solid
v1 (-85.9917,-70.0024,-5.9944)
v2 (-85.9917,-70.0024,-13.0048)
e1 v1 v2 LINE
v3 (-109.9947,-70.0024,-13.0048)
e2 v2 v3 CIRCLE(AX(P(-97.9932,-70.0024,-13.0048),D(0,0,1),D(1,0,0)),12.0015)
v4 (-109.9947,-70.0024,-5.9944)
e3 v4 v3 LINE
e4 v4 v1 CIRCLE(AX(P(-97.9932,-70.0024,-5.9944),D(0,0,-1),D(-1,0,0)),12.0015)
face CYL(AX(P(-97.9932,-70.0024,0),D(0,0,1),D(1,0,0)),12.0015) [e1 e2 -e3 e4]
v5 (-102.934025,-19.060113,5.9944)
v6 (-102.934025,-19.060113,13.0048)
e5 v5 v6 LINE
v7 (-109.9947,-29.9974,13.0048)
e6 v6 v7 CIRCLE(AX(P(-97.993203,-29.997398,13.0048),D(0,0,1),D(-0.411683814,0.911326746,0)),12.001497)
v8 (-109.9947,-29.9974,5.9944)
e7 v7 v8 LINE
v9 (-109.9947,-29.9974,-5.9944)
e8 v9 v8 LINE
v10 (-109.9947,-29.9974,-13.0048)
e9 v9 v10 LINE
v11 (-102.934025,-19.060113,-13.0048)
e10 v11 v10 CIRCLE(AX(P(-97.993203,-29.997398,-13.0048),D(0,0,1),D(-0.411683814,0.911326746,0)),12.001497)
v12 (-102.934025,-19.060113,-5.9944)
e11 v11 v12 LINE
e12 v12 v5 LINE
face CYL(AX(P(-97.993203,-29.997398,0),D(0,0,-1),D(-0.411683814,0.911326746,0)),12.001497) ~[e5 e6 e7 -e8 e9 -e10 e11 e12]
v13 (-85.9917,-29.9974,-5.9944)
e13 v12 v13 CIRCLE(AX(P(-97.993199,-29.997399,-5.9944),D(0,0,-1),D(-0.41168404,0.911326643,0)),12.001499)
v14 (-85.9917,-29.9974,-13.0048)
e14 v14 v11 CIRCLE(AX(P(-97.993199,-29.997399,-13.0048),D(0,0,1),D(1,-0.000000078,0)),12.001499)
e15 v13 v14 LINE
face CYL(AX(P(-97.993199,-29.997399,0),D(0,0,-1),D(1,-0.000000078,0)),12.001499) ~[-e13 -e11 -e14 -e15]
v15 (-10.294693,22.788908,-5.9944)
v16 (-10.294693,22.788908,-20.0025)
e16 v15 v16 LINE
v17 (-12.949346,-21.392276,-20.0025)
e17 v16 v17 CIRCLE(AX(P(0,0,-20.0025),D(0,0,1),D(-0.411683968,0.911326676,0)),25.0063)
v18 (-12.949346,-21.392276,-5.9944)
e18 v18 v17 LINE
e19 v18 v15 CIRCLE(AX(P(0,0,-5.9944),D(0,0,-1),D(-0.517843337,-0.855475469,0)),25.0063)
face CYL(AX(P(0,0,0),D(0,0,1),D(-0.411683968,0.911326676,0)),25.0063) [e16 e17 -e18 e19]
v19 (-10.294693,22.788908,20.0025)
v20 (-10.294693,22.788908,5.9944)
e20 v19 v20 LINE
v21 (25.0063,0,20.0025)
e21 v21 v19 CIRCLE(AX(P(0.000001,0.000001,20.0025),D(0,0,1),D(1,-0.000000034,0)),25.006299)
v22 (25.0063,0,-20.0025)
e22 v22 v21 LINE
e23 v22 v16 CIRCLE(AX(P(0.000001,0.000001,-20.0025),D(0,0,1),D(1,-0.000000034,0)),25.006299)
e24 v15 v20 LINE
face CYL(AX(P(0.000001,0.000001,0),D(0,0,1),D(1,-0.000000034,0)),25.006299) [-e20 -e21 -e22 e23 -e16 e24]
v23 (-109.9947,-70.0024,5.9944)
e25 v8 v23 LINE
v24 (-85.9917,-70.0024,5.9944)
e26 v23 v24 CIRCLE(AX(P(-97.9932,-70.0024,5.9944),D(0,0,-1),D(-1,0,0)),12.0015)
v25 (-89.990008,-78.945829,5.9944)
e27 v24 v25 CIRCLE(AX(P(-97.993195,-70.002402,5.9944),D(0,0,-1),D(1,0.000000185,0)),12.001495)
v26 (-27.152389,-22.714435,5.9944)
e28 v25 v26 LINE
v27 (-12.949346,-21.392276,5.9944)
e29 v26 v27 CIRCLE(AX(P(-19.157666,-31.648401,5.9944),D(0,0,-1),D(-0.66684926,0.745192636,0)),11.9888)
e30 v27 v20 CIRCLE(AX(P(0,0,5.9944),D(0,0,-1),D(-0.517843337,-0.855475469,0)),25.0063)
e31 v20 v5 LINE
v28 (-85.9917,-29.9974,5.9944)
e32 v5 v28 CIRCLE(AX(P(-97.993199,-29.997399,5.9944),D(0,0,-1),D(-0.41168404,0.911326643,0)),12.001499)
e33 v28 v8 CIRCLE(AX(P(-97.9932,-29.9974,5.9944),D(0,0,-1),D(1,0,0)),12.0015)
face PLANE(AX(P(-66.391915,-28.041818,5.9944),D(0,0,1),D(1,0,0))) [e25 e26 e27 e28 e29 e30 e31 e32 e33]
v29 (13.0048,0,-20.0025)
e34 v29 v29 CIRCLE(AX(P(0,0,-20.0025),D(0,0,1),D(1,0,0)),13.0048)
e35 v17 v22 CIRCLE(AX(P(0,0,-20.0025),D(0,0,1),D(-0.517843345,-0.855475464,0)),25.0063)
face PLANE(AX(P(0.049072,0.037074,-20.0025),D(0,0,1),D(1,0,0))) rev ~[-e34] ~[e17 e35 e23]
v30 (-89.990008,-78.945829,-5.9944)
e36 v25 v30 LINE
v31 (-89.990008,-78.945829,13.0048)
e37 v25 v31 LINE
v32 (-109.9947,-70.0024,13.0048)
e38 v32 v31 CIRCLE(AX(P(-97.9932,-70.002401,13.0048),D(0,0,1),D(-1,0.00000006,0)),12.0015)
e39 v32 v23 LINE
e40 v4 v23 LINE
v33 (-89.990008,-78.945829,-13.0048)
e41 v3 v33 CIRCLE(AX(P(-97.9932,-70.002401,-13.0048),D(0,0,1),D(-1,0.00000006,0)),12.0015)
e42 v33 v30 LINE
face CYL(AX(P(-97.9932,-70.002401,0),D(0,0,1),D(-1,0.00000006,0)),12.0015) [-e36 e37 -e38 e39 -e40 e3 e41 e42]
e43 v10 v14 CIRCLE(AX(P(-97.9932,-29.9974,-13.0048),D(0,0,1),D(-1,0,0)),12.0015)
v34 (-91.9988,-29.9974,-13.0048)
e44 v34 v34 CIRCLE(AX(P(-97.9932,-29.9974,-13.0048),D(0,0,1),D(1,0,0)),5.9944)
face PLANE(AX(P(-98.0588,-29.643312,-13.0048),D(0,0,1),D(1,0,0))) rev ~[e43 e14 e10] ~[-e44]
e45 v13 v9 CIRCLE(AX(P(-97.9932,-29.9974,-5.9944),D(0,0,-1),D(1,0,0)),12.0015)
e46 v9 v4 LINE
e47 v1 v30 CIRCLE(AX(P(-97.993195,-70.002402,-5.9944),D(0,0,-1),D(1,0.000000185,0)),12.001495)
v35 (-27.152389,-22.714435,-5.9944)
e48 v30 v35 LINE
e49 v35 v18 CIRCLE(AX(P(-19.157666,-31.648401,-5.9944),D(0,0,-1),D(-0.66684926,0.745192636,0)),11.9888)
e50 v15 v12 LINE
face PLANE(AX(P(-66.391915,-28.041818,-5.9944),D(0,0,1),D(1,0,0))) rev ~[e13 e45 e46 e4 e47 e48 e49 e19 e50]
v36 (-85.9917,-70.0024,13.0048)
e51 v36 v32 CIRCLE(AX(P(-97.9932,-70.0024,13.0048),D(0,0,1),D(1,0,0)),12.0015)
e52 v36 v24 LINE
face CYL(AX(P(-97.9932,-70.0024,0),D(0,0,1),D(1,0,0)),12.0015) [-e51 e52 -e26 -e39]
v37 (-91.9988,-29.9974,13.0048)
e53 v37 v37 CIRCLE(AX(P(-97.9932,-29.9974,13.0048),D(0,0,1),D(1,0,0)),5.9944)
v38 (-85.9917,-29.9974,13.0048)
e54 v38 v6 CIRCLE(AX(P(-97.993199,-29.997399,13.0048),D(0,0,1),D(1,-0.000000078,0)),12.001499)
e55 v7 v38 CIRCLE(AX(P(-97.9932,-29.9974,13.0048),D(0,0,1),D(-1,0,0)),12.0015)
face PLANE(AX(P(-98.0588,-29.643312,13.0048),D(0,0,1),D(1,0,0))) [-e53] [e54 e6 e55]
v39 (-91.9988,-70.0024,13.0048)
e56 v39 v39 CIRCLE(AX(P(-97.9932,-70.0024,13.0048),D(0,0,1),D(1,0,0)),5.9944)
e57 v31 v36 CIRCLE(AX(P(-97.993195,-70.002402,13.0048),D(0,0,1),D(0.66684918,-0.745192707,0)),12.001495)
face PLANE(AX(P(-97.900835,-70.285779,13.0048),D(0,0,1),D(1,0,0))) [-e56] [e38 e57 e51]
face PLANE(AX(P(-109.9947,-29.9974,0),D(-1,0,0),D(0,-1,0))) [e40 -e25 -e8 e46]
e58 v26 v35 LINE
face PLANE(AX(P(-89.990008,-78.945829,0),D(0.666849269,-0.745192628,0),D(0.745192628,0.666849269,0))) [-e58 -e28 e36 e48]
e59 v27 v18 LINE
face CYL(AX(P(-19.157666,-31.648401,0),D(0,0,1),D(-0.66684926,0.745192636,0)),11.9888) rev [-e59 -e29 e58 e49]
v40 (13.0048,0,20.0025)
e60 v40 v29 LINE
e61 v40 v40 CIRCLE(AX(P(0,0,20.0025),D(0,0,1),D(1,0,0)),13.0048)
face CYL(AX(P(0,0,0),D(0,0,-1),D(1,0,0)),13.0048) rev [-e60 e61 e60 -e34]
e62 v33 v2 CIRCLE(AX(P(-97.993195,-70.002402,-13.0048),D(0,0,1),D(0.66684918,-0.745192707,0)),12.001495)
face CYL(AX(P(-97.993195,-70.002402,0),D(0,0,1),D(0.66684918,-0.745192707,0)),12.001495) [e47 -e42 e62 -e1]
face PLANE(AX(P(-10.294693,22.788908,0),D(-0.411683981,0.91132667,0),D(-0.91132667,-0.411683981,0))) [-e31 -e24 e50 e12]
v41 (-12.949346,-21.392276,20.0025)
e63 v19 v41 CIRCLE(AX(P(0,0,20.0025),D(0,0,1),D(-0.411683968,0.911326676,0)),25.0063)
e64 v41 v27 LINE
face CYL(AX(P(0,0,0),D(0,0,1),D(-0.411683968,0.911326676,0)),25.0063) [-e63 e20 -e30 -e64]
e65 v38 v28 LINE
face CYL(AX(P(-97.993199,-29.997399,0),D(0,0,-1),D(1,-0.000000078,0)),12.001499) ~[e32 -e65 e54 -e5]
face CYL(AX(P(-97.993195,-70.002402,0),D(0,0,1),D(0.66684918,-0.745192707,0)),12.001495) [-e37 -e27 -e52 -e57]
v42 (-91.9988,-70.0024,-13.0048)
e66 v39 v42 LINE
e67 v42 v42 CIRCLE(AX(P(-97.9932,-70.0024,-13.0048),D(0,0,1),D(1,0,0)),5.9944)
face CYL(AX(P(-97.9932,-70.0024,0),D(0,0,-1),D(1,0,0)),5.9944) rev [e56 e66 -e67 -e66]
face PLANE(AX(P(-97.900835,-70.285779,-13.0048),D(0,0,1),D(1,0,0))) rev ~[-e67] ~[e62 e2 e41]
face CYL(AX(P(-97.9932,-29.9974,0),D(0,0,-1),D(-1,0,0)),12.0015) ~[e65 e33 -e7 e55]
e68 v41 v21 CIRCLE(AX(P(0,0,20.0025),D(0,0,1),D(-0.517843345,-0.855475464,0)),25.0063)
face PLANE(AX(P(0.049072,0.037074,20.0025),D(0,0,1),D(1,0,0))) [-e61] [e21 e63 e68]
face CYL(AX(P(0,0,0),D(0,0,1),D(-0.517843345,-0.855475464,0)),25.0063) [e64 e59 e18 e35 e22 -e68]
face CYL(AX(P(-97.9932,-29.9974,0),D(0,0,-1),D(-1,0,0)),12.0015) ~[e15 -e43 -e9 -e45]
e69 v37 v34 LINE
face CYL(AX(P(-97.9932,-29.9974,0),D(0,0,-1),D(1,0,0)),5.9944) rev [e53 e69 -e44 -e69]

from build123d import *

# Parameters (mm, degrees)
F0_R     = 13.0048
F1_DEPTH = 20.0025
F2_DEPTH = 5.9944
F0_R_2   = 5.9944
F3_DEPTH = 13.0048


with BuildPart() as f1:
    # F0 (on Top) → F1 (new body, symmetric)
    with BuildSketch(Plane.XY):
        with BuildLine():
            ThreePointArc((-12.949346, -21.392276), (12.278025, -21.784516), (25.0063, 0))
            ThreePointArc((25.0063, 0), (13.562501, 21.008894), (-10.294693, 22.788908))
            ThreePointArc((-10.294693, 22.788908), (-24.961282, 1.499814), (-12.949346, -21.392276))
        make_face()
        Circle(F0_R, mode=Mode.SUBTRACT)
    extrude(amount=F1_DEPTH, both=True)

    # F0 (on Top) → F2 (join, symmetric)
    with BuildSketch(Plane.XY):
        with BuildLine():
            ThreePointArc((-12.949346, -21.392276), (-24.961282, 1.499814), (-10.294693, 22.788908))
            Line((-10.294693, 22.788908), (-102.934025, -19.060113))
            ThreePointArc((-102.934025, -19.060113), (-91.484026, -19.914411), (-85.9917, -29.9974))
            ThreePointArc((-85.9917, -29.9974), (-97.9932, -41.9989), (-109.9947, -29.9974))
            Line((-109.9947, -29.9974), (-109.9947, -70.0024))
            ThreePointArc((-109.9947, -70.0024), (-97.9932, -58.0009), (-85.9917, -70.0024))
            ThreePointArc((-85.9917, -70.0024), (-87.036779, -74.90065), (-89.990008, -78.945829))
            Line((-89.990008, -78.945829), (-27.152389, -22.714435))
            ThreePointArc((-27.152389, -22.714435), (-20.268898, -19.711211), (-12.949346, -21.392276))
        make_face()
    extrude(amount=F2_DEPTH, both=True)

    # F0 (on Top) → F3 (join, symmetric)
    with BuildSketch(Plane.XY):
        with BuildLine():
            ThreePointArc((-85.9917, -29.9974), (-91.484026, -19.914411), (-102.934025, -19.060113))
            ThreePointArc((-102.934025, -19.060113), (-108.076189, -23.488226), (-109.9947, -29.9974))
            ThreePointArc((-109.9947, -29.9974), (-97.9932, -41.9989), (-85.9917, -29.9974))
        make_face()
        with Locations((-97.9932, -29.9974)):
            Circle(F0_R_2, mode=Mode.SUBTRACT)
        with BuildLine():
            ThreePointArc((-109.9947, -70.0024), (-102.89145, -80.958821), (-89.990008, -78.945829))
            ThreePointArc((-89.990008, -78.945829), (-87.036779, -74.90065), (-85.9917, -70.0024))
            ThreePointArc((-85.9917, -70.0024), (-97.9932, -58.0009), (-109.9947, -70.0024))
        make_face()
        with Locations((-97.9932, -70.0024)):
            Circle(F0_R_2, mode=Mode.SUBTRACT)
    extrude(amount=F3_DEPTH, both=True)


solid = f1.part
